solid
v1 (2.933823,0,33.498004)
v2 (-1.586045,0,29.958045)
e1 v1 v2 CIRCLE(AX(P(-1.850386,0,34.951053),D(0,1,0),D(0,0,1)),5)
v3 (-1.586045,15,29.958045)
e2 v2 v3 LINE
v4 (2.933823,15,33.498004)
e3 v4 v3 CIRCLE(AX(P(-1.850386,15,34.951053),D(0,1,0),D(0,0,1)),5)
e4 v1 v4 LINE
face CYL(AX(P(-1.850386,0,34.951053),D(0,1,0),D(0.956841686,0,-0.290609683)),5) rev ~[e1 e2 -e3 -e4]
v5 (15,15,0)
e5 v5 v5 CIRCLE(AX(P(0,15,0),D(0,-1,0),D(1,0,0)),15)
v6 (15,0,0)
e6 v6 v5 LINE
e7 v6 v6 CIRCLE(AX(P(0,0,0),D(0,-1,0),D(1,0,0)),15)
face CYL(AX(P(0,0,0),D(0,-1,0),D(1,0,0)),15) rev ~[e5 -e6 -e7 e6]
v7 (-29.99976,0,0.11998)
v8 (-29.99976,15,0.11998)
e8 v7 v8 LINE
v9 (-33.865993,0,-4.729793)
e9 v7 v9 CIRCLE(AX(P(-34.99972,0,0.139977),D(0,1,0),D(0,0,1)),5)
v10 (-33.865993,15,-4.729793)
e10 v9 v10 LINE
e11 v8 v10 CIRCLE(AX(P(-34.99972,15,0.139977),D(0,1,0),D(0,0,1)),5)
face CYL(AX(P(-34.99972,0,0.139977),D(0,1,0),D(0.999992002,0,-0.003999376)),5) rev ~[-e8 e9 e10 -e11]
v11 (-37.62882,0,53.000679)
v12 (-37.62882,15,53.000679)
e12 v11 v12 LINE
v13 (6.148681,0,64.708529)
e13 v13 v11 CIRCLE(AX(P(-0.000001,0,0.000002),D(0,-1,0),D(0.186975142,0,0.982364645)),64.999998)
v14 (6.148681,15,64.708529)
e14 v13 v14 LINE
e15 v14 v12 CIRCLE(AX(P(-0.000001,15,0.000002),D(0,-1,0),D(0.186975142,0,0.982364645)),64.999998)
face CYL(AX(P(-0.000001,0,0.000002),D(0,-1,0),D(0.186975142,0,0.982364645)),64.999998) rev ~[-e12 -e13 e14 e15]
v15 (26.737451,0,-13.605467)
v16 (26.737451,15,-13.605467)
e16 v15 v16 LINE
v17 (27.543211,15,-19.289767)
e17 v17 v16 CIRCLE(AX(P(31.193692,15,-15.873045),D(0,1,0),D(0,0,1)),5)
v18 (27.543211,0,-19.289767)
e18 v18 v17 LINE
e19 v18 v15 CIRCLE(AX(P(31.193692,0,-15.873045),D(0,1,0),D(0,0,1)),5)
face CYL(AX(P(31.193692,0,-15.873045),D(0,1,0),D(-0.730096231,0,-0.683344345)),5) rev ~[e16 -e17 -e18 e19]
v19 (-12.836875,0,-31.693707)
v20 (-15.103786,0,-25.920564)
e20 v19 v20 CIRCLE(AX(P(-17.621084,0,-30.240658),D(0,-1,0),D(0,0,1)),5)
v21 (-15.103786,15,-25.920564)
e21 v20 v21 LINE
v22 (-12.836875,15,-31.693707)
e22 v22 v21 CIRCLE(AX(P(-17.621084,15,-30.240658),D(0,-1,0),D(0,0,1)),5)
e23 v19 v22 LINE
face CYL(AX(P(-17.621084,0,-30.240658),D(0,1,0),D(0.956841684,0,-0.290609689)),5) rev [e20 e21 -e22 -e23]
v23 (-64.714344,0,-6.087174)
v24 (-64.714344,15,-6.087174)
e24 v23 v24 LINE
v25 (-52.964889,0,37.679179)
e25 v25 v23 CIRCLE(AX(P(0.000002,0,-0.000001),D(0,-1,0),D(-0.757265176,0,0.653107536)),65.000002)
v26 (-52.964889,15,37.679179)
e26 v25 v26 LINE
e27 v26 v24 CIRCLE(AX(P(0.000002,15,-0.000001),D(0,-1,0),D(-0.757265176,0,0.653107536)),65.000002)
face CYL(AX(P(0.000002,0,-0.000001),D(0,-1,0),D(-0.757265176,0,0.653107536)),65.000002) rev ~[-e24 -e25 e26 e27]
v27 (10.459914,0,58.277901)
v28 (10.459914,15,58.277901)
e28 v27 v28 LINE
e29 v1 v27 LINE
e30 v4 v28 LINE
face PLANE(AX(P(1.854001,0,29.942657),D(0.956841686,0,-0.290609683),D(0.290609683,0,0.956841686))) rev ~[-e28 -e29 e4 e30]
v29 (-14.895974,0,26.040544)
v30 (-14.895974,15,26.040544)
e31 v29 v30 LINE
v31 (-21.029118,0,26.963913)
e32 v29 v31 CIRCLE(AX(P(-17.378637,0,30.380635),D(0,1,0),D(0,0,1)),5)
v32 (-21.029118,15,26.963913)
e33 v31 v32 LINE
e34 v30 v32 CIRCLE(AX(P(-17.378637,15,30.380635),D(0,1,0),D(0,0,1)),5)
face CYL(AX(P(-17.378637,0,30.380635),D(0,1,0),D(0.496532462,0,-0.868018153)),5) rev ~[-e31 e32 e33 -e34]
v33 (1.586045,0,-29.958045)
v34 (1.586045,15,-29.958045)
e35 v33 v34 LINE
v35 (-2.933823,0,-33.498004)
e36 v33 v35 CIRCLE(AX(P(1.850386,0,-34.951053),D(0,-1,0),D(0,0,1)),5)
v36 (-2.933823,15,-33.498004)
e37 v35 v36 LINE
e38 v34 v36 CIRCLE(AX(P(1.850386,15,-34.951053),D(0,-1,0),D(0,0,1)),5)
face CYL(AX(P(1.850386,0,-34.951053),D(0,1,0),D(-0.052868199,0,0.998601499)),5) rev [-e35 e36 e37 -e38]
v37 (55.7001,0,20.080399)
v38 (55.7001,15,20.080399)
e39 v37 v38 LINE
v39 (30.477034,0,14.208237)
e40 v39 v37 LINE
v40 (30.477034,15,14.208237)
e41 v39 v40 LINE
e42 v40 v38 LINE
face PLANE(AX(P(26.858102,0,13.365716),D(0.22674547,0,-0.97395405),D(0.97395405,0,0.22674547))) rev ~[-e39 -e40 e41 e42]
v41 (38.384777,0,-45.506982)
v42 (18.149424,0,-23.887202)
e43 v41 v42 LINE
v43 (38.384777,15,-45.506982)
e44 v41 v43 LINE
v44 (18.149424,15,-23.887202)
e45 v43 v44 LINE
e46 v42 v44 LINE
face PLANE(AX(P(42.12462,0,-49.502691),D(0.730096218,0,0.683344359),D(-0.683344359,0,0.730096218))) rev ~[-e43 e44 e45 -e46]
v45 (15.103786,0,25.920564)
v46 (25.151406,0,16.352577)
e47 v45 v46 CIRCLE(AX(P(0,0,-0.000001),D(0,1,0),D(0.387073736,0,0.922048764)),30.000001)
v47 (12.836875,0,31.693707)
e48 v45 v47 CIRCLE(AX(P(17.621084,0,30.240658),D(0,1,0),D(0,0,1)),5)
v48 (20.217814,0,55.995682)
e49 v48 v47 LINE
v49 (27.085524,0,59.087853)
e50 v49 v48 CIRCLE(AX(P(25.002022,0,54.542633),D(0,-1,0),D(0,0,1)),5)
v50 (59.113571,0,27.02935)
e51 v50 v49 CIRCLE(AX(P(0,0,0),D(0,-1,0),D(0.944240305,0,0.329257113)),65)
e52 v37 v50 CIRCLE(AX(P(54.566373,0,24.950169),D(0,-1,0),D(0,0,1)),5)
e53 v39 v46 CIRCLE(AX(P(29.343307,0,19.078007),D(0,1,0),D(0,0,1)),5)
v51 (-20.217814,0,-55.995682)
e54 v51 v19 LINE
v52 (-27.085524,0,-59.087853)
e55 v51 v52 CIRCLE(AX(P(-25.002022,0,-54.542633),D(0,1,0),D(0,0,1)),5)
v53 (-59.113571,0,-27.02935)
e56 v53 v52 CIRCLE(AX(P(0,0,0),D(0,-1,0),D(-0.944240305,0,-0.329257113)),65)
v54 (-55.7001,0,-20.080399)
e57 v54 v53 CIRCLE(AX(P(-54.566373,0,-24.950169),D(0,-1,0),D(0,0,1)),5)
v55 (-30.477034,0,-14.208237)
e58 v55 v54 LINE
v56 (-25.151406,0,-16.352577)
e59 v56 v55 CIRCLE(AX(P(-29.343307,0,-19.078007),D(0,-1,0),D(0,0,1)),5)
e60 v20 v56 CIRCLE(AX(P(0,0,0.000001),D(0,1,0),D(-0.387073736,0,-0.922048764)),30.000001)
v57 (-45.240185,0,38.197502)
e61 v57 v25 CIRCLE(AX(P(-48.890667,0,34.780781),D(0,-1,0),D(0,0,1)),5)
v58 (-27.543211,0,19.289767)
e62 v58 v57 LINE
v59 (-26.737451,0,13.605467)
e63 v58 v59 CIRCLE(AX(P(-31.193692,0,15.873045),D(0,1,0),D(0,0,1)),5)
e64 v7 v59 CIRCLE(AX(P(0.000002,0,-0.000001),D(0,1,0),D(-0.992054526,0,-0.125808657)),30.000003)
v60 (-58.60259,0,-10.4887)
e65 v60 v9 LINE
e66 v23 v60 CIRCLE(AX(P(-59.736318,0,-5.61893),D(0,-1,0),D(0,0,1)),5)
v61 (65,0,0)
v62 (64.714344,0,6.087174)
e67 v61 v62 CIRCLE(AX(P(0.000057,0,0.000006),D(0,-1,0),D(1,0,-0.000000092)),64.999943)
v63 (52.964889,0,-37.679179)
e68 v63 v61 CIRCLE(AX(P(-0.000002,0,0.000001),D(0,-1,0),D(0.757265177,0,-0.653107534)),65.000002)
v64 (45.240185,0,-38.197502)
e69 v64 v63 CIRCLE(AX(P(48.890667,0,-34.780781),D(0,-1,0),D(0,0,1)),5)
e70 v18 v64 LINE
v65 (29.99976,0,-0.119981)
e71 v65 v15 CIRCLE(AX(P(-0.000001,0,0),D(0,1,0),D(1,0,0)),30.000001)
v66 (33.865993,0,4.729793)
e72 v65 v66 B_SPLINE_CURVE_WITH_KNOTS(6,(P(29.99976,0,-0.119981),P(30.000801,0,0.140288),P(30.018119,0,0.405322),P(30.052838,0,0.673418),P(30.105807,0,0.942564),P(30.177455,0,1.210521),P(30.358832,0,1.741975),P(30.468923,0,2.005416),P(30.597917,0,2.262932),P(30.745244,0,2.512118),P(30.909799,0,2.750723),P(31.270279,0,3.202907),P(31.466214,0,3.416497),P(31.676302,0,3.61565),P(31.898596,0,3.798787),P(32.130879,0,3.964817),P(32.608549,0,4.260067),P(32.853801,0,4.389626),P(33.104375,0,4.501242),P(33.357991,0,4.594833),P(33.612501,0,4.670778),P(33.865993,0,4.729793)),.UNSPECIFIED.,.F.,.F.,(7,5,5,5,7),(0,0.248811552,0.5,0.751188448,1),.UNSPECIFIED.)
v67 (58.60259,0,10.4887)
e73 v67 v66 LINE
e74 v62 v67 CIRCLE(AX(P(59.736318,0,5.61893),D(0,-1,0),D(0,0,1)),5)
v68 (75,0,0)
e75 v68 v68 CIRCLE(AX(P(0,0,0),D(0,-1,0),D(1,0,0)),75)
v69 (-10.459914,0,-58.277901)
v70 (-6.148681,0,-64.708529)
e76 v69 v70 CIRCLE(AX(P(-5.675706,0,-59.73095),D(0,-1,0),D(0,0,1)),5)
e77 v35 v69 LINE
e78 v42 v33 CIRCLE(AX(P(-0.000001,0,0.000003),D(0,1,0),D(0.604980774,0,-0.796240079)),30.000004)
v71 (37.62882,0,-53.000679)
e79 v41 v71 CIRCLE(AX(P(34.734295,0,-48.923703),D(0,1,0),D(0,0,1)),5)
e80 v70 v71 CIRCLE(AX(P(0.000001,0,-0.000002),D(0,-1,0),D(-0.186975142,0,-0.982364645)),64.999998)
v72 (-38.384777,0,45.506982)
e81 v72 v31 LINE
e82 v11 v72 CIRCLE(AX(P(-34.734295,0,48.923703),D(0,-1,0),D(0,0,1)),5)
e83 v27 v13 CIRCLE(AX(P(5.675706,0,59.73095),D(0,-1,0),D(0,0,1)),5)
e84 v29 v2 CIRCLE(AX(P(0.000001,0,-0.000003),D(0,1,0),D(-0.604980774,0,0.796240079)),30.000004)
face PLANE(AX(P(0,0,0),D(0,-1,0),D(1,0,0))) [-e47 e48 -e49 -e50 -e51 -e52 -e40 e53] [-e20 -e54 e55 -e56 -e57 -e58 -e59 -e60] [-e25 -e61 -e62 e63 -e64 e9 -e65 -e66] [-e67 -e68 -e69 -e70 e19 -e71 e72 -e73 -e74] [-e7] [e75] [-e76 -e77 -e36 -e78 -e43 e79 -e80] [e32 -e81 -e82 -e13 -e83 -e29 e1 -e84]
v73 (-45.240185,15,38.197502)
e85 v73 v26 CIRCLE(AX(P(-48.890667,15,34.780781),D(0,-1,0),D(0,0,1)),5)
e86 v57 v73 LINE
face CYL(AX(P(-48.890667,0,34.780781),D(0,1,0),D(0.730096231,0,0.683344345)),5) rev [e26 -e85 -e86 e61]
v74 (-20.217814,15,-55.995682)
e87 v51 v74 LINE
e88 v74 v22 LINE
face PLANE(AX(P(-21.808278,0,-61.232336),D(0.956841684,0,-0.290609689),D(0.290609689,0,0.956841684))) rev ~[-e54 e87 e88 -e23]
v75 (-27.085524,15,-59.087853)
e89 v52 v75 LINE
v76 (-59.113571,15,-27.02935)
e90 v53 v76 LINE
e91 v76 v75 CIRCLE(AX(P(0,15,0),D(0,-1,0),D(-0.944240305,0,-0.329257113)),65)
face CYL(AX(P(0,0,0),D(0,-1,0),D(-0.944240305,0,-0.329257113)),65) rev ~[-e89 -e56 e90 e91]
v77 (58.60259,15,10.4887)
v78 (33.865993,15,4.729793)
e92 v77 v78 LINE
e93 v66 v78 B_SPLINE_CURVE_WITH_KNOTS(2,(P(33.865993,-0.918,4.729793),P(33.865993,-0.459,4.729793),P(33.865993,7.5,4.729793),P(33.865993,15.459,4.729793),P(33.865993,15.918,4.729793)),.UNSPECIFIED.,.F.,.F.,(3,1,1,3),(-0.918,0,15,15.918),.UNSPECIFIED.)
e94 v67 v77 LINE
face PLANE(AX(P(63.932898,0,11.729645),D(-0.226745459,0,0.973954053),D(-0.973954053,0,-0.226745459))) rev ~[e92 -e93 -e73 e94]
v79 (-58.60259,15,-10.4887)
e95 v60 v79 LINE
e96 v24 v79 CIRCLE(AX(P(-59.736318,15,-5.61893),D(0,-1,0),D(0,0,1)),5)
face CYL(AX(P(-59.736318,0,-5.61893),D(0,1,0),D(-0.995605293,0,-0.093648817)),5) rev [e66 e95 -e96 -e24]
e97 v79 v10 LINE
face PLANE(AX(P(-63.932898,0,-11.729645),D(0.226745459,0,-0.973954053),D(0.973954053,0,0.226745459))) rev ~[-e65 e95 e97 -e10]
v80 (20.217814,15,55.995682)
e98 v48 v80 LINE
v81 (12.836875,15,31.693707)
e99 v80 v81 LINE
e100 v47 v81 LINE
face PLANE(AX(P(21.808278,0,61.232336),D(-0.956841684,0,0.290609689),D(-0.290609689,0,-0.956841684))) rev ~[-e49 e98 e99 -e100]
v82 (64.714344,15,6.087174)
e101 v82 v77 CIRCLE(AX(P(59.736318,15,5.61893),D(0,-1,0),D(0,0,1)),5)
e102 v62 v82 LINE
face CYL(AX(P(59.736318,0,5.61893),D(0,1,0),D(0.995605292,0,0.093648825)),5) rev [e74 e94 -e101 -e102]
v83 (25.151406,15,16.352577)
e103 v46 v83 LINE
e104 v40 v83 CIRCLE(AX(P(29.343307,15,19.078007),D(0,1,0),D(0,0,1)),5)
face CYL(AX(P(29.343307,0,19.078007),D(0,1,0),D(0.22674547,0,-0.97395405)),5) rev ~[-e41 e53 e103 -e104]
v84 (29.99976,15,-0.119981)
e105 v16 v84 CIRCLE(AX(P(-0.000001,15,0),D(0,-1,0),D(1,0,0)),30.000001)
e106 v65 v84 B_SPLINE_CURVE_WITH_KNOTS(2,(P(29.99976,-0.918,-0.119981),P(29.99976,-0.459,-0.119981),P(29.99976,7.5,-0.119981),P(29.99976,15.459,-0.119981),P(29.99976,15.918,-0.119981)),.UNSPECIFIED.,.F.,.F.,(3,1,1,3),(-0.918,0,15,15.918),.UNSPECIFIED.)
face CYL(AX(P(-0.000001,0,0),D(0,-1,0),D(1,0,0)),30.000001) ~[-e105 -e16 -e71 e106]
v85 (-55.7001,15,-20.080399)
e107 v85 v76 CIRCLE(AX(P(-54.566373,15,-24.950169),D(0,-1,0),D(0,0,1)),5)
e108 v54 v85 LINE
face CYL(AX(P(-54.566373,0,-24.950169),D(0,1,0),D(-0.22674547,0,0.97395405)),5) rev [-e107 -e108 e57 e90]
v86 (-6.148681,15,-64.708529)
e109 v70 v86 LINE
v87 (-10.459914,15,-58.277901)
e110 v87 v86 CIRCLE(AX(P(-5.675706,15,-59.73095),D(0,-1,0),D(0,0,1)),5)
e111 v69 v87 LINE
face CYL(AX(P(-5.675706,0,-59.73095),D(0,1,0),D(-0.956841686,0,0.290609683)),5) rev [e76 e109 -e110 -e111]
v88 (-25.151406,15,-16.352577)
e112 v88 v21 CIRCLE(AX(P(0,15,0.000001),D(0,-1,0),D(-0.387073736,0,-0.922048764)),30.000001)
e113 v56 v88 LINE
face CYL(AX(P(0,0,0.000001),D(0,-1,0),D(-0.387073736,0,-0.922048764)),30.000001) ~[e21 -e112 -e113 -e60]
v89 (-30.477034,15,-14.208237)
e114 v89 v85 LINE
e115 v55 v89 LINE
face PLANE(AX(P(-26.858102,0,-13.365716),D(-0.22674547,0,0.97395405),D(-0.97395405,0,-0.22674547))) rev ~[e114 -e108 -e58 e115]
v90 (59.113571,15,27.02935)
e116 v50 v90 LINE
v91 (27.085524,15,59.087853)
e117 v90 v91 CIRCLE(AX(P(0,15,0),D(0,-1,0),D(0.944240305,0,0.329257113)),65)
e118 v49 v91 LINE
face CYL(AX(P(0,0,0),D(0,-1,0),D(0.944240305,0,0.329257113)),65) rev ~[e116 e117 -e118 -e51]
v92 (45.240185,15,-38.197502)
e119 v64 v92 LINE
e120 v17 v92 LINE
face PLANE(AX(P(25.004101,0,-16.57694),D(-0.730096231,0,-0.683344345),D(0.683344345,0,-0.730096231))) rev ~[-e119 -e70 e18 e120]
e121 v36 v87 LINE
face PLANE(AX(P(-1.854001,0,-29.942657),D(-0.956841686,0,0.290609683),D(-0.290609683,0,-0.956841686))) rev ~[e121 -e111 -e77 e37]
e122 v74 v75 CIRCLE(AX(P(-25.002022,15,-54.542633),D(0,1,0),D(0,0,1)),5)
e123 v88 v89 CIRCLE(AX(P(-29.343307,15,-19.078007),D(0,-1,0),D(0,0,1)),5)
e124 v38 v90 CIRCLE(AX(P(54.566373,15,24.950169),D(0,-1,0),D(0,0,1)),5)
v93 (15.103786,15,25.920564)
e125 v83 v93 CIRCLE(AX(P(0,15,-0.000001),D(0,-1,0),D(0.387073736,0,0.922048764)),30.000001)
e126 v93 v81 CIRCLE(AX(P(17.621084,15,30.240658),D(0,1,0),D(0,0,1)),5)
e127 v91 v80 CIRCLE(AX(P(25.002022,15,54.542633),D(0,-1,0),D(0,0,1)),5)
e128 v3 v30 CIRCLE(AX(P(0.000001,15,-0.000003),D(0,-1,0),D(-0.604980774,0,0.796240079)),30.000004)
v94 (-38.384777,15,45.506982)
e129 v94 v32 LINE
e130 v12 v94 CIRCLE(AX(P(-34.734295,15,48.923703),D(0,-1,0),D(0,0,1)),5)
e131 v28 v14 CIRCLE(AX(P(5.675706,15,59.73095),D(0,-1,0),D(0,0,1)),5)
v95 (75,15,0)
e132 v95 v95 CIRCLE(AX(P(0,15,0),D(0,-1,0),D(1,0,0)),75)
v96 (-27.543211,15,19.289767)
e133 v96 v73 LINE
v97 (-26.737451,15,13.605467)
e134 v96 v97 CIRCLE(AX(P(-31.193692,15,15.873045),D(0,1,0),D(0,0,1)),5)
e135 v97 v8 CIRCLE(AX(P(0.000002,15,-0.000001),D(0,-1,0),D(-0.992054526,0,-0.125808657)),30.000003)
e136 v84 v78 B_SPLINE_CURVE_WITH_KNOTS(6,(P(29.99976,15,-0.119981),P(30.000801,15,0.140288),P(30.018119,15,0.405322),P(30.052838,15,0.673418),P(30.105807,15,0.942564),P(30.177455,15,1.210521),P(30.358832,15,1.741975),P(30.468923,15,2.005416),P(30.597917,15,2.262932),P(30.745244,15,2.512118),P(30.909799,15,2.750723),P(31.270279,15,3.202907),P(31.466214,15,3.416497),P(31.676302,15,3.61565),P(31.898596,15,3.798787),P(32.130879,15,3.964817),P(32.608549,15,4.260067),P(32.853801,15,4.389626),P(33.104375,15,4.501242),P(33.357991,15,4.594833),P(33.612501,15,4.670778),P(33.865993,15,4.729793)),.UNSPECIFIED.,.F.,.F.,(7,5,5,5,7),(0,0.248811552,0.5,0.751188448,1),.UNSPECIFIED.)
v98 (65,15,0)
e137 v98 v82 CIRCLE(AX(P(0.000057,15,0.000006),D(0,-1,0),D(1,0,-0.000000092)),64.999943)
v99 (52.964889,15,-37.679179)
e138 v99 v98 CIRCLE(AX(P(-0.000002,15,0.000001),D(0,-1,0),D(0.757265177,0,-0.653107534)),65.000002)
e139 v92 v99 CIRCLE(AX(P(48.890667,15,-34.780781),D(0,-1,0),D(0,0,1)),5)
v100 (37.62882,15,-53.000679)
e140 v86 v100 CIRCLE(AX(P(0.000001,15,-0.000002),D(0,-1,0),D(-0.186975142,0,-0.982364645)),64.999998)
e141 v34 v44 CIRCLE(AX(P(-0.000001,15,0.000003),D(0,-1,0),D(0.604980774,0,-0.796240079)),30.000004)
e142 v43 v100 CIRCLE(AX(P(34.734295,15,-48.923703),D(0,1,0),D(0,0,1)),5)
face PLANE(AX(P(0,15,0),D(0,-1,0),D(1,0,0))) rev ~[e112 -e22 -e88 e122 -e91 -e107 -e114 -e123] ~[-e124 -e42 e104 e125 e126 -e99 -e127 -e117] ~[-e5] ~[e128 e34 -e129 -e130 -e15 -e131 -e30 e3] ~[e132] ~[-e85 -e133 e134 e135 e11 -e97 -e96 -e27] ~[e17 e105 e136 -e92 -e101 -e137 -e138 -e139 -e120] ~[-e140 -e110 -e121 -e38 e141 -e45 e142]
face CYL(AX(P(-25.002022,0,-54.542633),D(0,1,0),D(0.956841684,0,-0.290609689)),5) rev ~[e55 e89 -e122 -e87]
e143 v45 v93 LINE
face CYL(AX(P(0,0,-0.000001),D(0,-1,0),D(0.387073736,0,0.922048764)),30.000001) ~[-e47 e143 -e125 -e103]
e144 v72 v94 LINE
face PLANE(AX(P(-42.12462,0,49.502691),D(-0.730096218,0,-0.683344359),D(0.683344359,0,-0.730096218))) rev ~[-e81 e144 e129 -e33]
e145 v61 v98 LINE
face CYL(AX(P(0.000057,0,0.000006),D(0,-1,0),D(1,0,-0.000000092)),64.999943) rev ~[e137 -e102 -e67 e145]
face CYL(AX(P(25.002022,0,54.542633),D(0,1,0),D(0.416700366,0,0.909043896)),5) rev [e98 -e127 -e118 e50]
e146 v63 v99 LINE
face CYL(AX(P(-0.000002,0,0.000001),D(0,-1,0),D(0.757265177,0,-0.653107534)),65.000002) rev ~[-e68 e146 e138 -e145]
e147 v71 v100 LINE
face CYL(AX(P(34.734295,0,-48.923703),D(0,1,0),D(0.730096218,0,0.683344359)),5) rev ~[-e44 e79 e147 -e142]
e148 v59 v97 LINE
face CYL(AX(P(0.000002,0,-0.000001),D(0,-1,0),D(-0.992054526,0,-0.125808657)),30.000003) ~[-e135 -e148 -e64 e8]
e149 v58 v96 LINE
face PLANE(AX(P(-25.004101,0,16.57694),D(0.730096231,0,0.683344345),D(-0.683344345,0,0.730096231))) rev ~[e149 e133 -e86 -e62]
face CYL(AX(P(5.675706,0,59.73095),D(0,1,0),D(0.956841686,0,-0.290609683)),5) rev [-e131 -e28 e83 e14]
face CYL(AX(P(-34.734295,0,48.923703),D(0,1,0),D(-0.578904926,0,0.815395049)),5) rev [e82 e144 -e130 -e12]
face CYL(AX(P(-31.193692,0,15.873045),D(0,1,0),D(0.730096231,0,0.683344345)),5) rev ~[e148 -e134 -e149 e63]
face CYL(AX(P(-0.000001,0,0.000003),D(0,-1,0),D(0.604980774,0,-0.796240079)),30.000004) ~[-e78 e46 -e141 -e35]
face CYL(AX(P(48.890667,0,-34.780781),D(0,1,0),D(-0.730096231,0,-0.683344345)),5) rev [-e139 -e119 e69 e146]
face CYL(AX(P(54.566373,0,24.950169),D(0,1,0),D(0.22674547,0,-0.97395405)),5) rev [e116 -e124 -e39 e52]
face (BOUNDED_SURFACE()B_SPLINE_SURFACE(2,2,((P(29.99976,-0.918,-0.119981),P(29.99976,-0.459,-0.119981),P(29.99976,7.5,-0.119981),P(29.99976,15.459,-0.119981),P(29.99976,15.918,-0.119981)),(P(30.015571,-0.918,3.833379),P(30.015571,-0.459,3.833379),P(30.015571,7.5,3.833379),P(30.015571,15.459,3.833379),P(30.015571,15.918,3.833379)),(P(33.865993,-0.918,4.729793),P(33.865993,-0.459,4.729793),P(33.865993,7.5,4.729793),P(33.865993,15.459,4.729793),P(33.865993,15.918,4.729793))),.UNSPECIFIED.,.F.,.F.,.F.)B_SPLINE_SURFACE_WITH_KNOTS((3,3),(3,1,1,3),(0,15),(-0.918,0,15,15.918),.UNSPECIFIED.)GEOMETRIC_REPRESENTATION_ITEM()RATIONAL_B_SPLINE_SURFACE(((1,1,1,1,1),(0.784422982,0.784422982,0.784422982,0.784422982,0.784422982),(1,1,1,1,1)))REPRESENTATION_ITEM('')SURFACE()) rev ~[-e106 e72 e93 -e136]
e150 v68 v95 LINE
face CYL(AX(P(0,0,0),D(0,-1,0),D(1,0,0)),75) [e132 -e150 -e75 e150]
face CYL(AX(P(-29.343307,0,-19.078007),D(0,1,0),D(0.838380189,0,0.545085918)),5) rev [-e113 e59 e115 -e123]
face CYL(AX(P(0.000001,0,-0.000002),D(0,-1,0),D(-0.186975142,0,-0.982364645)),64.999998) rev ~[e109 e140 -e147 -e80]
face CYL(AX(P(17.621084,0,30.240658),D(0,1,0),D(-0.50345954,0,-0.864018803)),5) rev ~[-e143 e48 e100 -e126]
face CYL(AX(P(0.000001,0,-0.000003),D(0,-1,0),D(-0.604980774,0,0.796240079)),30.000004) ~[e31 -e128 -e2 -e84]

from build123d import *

# Parameters (mm, degrees)
F0_R     = 75
F0_R_2   = 15
F1_DEPTH = 15
F3_DEPTH = 25
F4_R     = 5
F5_R     = 5


with BuildPart() as f1:
    # F0 (on Front) → F1 (new body)
    with BuildSketch(Plane.XZ):
        Circle(F0_R)
        Circle(F0_R_2, mode=Mode.SUBTRACT)
    extrude(amount=-F1_DEPTH)

    # F2 (on face) → F3 (cut)
    with BuildSketch(Plane.XZ):
        with BuildLine():
            ThreePointArc((-29.761636, -3.774261), (-29.2124, 6.829033), (-25.004101, 16.57694))
            Line((-25.004101, 16.57694), (-49.222236, 42.45199))
            ThreePointArc((-49.222236, 42.45199), (-62.729048, 17.031339), (-63.932898, -11.729645))
            Line((-63.932898, -11.729645), (-29.761636, -3.774261))
        make_face()
        with BuildLine():
            ThreePointArc((-18.149424, 23.887202), (-8.692084, 28.713197), (1.854001, 29.942657))
            Line((1.854001, 29.942657), (12.153383, 63.853702))
            ThreePointArc((12.153383, 63.853702), (-16.614952, 62.840619), (-42.12462, 49.502691))
            Line((-42.12462, 49.502691), (-18.149424, 23.887202))
        make_face()
        with BuildLine():
            ThreePointArc((11.612212, 27.661463), (20.520316, 21.884164), (26.858102, 13.365716))
            Line((26.858102, 13.365716), (61.37562, 21.401712))
            ThreePointArc((61.37562, 21.401712), (46.114096, 45.80928), (21.808278, 61.232336))
            Line((21.808278, 61.232336), (11.612212, 27.661463))
        make_face()
        with BuildLine():
            ThreePointArc((29.761636, 3.774261), (29.94035, 1.89089), (30, 0))
            ThreePointArc((30, 0), (28.723884, -8.656702), (25.004101, -16.57694))
            Line((25.004101, -16.57694), (49.222236, -42.45199))
            ThreePointArc((49.222236, -42.45199), (60.928012, -22.644587), (65, 0))
            ThreePointArc((65, 0), (64.732675, 5.889043), (63.932898, 11.729645))
            Line((63.932898, 11.729645), (29.761636, 3.774261))
        make_face()
        with BuildLine():
            Line((42.12462, -49.502691), (18.149424, -23.887202))
            ThreePointArc((18.149424, -23.887202), (8.692084, -28.713197), (-1.854001, -29.942657))
            Line((-1.854001, -29.942657), (-12.153383, -63.853702))
            ThreePointArc((-12.153383, -63.853702), (16.614952, -62.840619), (42.12462, -49.502691))
        make_face()
        with BuildLine():
            Line((-21.808278, -61.232336), (-11.612212, -27.661463))
            ThreePointArc((-11.612212, -27.661463), (-20.520316, -21.884164), (-26.858102, -13.365716))
            Line((-26.858102, -13.365716), (-61.37562, -21.401712))
            ThreePointArc((-61.37562, -21.401712), (-46.114096, -45.80928), (-21.808278, -61.232336))
        make_face()
    extrude(amount=-F3_DEPTH, mode=Mode.SUBTRACT)

    # F4
    f4_edges = [f1.edges().sort_by_distance(p)[0] for p in [
        (-63.932898, 7.5, -11.729645),
        (-49.222236, 7.5, 42.45199),
        (12.153383, 7.5, 63.853702),
        (-42.12462, 7.5, 49.502691),
        (21.808278, 7.5, 61.232336),
        (61.37562, 7.5, 21.401712),
        (63.932898, 7.5, 11.729645),
        (49.222236, 7.5, -42.45199),
        (42.12462, 7.5, -49.502691),
        (-12.153383, 7.5, -63.853702),
        (-21.808278, 7.5, -61.232336),
        (-61.37562, 7.5, -21.401712),
    ]]
    fillet(f4_edges, radius=F4_R)

    # F5
    f5_edges = [f1.edges().sort_by_distance(p)[0] for p in [
        (25.004101, 7.5, -16.57694),
        (29.761636, 7.5, 3.774261),
        (-1.854001, 7.5, -29.942657),
        (-11.612212, 7.5, -27.661463),
        (-26.858102, 7.5, -13.365716),
        (-29.761636, 7.5, -3.774261),
        (-25.004101, 7.5, 16.57694),
        (-18.149424, 7.5, 23.887202),
        (1.854001, 7.5, 29.942657),
        (11.612212, 7.5, 27.661463),
        (26.858102, 7.5, 13.365716),
    ]]
    fillet(f5_edges, radius=F5_R)


solid = f1.part
